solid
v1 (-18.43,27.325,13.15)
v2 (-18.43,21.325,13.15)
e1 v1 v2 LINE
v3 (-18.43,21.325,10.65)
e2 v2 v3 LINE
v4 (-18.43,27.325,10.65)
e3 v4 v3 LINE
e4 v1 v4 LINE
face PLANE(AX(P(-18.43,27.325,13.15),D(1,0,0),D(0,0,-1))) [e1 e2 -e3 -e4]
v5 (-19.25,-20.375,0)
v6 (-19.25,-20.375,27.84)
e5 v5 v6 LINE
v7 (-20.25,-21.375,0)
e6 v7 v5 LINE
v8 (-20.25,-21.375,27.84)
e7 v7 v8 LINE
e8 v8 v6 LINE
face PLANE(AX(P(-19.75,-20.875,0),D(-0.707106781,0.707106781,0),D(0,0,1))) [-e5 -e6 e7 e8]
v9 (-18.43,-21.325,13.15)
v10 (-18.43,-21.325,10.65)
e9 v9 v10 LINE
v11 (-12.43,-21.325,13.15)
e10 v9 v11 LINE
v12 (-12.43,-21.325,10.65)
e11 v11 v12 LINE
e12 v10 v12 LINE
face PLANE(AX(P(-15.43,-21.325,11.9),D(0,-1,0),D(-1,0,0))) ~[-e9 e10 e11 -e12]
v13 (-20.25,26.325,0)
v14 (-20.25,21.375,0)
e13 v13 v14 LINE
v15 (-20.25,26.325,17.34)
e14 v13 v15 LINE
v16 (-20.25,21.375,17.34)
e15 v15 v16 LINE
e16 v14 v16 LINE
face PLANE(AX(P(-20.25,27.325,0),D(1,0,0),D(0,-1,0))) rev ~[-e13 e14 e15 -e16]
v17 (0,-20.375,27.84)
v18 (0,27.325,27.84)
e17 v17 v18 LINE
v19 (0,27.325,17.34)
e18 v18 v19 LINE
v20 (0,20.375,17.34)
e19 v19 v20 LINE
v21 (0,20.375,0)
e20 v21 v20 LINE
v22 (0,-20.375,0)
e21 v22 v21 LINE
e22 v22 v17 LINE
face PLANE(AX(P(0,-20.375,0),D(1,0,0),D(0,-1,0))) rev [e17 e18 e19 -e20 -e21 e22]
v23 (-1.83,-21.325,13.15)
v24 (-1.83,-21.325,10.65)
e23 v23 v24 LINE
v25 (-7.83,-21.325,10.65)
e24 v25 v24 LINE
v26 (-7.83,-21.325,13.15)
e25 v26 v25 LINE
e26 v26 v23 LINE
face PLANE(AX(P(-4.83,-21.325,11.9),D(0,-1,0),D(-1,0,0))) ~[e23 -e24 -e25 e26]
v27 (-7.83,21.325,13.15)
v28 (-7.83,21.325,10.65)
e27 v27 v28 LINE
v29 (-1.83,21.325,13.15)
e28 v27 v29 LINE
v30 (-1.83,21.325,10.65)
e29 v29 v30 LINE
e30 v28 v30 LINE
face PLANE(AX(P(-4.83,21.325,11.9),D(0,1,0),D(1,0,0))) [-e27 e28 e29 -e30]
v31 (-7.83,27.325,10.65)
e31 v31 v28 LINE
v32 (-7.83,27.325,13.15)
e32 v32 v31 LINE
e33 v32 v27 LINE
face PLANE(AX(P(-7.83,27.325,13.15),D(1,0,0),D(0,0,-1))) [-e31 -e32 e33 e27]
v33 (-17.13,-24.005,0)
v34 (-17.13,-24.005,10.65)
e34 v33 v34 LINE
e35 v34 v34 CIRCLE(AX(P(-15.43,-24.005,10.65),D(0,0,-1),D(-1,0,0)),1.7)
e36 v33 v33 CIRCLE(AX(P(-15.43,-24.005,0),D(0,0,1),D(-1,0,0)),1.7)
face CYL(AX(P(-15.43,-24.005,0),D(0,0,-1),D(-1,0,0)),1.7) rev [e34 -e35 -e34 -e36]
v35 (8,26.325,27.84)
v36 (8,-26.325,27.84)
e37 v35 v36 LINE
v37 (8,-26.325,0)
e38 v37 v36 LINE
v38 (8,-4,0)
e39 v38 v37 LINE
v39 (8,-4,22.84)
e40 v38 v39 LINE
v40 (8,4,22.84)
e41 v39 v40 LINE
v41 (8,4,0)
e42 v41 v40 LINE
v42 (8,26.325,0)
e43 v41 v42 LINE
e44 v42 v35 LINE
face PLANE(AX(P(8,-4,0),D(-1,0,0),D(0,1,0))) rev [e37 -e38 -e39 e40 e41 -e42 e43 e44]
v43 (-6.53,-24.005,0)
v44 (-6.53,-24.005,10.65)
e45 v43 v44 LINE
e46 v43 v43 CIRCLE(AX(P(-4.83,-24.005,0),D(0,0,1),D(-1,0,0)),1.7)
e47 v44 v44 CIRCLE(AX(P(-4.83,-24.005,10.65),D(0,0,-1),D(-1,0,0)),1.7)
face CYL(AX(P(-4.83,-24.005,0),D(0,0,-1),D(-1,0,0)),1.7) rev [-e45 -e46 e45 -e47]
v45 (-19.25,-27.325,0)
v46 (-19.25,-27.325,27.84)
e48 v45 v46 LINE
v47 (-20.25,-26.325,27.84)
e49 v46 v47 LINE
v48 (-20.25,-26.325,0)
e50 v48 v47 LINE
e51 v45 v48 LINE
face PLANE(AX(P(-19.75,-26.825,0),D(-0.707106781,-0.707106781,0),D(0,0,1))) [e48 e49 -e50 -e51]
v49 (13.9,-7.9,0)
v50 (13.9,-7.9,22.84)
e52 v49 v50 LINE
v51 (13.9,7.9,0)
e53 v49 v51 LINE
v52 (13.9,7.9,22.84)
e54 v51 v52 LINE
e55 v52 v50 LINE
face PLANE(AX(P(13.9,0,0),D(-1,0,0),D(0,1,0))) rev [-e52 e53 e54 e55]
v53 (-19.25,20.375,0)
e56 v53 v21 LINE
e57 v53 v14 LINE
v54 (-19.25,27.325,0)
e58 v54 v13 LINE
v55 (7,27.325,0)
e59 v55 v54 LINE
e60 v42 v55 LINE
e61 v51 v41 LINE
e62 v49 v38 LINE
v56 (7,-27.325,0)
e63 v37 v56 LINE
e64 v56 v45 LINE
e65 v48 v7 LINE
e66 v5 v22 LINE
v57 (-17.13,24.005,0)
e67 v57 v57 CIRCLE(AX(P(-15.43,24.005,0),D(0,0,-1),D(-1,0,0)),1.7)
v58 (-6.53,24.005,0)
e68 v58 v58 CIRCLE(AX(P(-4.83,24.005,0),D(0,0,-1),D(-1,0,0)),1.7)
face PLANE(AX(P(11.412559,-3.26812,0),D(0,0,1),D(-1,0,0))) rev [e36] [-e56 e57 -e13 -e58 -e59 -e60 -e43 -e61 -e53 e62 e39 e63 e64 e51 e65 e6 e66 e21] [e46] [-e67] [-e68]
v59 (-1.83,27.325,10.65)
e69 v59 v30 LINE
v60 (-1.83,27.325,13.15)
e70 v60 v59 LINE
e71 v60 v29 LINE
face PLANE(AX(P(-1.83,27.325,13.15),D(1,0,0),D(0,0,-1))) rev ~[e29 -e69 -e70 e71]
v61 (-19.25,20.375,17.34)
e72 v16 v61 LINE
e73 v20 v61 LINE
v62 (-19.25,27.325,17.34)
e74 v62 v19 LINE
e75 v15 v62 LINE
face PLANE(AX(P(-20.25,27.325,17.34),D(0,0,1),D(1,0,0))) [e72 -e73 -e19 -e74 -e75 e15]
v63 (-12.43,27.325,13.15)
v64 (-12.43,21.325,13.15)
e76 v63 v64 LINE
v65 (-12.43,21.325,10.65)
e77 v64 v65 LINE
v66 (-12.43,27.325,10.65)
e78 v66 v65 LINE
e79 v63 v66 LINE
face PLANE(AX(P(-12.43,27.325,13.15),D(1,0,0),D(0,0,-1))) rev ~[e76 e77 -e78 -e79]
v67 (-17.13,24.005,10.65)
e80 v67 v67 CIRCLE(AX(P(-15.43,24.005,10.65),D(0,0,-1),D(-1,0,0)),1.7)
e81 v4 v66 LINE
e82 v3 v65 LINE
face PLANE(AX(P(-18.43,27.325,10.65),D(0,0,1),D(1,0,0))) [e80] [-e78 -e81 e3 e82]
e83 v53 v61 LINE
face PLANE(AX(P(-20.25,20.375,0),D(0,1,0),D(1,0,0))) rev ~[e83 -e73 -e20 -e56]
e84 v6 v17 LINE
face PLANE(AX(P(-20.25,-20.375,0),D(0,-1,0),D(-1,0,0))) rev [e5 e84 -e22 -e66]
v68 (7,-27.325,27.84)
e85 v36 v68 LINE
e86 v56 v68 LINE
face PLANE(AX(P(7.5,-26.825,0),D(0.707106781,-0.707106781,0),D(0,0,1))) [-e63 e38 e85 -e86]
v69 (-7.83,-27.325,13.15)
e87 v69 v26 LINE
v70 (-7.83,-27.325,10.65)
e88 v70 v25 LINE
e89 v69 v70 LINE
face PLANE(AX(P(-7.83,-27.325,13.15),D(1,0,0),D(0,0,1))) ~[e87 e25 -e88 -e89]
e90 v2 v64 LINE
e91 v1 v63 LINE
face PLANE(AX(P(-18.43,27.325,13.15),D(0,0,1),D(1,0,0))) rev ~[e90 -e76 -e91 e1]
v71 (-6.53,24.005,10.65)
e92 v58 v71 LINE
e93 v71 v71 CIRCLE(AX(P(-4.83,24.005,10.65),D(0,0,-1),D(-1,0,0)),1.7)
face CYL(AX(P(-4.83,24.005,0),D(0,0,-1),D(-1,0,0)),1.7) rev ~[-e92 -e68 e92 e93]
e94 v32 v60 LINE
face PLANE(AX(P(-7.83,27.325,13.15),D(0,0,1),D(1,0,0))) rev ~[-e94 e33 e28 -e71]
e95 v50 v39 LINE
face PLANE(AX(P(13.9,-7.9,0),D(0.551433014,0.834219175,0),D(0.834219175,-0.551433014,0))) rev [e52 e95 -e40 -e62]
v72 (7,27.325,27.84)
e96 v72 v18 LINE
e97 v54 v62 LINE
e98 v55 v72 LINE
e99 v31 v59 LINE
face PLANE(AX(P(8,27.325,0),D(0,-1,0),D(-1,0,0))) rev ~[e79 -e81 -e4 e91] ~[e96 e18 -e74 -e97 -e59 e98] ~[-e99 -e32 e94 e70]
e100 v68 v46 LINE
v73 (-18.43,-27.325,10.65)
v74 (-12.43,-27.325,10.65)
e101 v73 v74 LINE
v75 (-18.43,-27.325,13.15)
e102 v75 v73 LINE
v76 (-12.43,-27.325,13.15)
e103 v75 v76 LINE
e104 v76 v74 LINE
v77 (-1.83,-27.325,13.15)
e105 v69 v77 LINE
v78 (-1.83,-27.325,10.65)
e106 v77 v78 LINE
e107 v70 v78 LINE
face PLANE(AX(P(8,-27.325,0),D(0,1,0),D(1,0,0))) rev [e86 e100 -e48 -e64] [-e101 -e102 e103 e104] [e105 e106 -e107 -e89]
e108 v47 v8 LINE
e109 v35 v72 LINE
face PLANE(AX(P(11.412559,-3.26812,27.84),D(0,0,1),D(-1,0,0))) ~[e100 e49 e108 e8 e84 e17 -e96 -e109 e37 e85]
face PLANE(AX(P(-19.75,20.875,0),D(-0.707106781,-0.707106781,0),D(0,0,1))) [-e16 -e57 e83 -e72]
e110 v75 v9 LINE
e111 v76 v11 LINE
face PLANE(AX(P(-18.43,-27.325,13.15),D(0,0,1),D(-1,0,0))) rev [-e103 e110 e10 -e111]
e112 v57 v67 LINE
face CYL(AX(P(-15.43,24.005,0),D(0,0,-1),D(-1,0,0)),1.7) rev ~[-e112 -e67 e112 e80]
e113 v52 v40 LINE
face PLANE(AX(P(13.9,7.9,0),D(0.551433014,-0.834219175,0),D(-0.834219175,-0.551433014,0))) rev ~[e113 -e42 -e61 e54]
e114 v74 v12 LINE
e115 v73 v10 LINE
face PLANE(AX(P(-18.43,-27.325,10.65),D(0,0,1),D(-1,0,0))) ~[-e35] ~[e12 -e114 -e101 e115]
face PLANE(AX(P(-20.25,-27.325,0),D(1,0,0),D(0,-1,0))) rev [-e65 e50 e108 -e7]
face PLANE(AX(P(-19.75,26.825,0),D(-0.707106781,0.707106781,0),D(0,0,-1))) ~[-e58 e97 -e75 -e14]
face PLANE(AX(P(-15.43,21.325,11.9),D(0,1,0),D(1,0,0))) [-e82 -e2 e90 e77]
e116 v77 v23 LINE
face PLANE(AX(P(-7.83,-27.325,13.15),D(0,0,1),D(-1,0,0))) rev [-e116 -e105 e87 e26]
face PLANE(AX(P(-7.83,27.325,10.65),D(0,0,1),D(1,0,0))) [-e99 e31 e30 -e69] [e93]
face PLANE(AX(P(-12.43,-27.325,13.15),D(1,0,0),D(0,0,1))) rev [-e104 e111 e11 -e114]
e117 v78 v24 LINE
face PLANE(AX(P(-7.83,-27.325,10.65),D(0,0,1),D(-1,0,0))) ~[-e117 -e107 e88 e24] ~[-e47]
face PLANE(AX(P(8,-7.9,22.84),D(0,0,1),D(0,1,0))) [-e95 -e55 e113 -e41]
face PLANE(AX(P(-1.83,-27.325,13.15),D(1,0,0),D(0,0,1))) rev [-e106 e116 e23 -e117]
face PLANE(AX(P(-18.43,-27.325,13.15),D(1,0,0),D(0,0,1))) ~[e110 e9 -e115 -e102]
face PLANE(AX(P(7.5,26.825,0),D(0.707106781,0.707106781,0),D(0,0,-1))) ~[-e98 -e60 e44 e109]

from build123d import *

# Parameters (mm, degrees)
BOSS_EXTRUDE1_DEPTH      = 27.84
SKETCH6_R                = 1.7
CUT_EXTRUDE1_DEPTH       = 13.15
SKETCH7_W                = 6
SKETCH7_H                = 2.5
CUT_EXTRUDE2_DEPTH       = 6
CHAMFER1_SIZE            = 1
CHAMFER1_OF_MIRROR2_SIZE = 1
SKETCH8_W                = 5
SKETCH8_H                = 15.8
CUT_EXTRUDE3_DEPTH       = 6.9
CUT_EXTRUDE4_REACH       = 56.65
SKETCH9_W                = 20.25
SKETCH9_H                = 10.5


with BuildPart() as part:
    # Sketch5 → Boss-Extrude1 (new body)
    with BuildSketch(Plane.XY):
        Polygon((8, 4), (8, 0), (13.9, 0), (13.9, 7.9), align=None)
        Polygon((-20.25, 27.325), (-20.25, 20.375), (0, 20.375), (0, 0), (8, 0), (8, 27.325), align=None)
    boss_extrude1 = extrude(amount=BOSS_EXTRUDE1_DEPTH)

    # Sketch6 → Cut-Extrude1 (cut)
    with BuildSketch(Plane(origin=(0, 0, 0), x_dir=(-1, 0, 0), z_dir=(0, 0, -1))):
        with Locations((4.83, 24.005)):
            Circle(SKETCH6_R)
        with Locations((15.43, 24.005)):
            Circle(SKETCH6_R)
    cut_extrude1 = extrude(amount=-CUT_EXTRUDE1_DEPTH, mode=Mode.SUBTRACT)

    # Sketch7 → Cut-Extrude2 (cut)
    with BuildSketch(Plane(origin=(0, 27.325, 0), x_dir=(1, 0, 0), z_dir=(0, 1, 0))):
        with Locations((-4.83, -11.9)):
            Rectangle(SKETCH7_W, SKETCH7_H)
        with Locations((-15.43, -11.9)):
            Rectangle(SKETCH7_W, SKETCH7_H)
    cut_extrude2 = extrude(amount=-CUT_EXTRUDE2_DEPTH, mode=Mode.SUBTRACT)

    # Chamfer1
    chamfer1_edges = [part.edges().sort_by_distance(p)[0] for p in [
        (-20.25, 20.375, 13.92),
        (-20.25, 27.325, 13.92),
        (8, 27.325, 13.92),
    ]]
    chamfer(chamfer1_edges, length=CHAMFER1_SIZE)

    # Mirror2: Boss-Extrude1, Cut-Extrude1, Cut-Extrude2 across plane
    add(boss_extrude1.mirror(Plane(origin=(0, 0, 27.84), x_dir=(0, 0, 1), z_dir=(0, -1, 0))))
    add(cut_extrude1.mirror(Plane(origin=(0, 0, 27.84), x_dir=(0, 0, 1), z_dir=(0, -1, 0))), mode=Mode.SUBTRACT)
    add(cut_extrude2.mirror(Plane(origin=(0, 0, 27.84), x_dir=(0, 0, 1), z_dir=(0, -1, 0))), mode=Mode.SUBTRACT)

    # Chamfer1 of Mirror2
    chamfer1_of_mirror2_edges = [part.edges().sort_by_distance(p)[0] for p in [
        (-20.25, -20.375, 13.92),
        (-20.25, -27.325, 13.92),
        (8, -27.325, 13.92),
    ]]
    chamfer(chamfer1_of_mirror2_edges, length=CHAMFER1_OF_MIRROR2_SIZE)

    # Sketch8 → Cut-Extrude3 (cut, through all)
    with BuildSketch(Plane(origin=(8, 0, 0), x_dir=(0, 0, -1), z_dir=(1, 0, 0))):
        with Locations((-25.34, 0)):
            Rectangle(SKETCH8_W, SKETCH8_H)
    extrude(amount=CUT_EXTRUDE3_DEPTH, mode=Mode.SUBTRACT)

    # Sketch9 → Cut-Extrude4 (cut, up to next)
    with BuildSketch(Plane(origin=(0, 27.325, 0), x_dir=(1, 0, 0), z_dir=(0, 1, 0)), mode=Mode.PRIVATE) as cut_extrude4_sk1:
        with Locations((-10.125, -22.59)):
            Rectangle(SKETCH9_W, SKETCH9_H)
    cut_extrude4_tool1 = extrude(cut_extrude4_sk1.sketch, amount=-CUT_EXTRUDE4_REACH, mode=Mode.PRIVATE) & part.part
    add(cut_extrude4_tool1.solids().sort_by_distance((-10.125, 27.325, 22.59))[0], mode=Mode.SUBTRACT)


solid = part.part
